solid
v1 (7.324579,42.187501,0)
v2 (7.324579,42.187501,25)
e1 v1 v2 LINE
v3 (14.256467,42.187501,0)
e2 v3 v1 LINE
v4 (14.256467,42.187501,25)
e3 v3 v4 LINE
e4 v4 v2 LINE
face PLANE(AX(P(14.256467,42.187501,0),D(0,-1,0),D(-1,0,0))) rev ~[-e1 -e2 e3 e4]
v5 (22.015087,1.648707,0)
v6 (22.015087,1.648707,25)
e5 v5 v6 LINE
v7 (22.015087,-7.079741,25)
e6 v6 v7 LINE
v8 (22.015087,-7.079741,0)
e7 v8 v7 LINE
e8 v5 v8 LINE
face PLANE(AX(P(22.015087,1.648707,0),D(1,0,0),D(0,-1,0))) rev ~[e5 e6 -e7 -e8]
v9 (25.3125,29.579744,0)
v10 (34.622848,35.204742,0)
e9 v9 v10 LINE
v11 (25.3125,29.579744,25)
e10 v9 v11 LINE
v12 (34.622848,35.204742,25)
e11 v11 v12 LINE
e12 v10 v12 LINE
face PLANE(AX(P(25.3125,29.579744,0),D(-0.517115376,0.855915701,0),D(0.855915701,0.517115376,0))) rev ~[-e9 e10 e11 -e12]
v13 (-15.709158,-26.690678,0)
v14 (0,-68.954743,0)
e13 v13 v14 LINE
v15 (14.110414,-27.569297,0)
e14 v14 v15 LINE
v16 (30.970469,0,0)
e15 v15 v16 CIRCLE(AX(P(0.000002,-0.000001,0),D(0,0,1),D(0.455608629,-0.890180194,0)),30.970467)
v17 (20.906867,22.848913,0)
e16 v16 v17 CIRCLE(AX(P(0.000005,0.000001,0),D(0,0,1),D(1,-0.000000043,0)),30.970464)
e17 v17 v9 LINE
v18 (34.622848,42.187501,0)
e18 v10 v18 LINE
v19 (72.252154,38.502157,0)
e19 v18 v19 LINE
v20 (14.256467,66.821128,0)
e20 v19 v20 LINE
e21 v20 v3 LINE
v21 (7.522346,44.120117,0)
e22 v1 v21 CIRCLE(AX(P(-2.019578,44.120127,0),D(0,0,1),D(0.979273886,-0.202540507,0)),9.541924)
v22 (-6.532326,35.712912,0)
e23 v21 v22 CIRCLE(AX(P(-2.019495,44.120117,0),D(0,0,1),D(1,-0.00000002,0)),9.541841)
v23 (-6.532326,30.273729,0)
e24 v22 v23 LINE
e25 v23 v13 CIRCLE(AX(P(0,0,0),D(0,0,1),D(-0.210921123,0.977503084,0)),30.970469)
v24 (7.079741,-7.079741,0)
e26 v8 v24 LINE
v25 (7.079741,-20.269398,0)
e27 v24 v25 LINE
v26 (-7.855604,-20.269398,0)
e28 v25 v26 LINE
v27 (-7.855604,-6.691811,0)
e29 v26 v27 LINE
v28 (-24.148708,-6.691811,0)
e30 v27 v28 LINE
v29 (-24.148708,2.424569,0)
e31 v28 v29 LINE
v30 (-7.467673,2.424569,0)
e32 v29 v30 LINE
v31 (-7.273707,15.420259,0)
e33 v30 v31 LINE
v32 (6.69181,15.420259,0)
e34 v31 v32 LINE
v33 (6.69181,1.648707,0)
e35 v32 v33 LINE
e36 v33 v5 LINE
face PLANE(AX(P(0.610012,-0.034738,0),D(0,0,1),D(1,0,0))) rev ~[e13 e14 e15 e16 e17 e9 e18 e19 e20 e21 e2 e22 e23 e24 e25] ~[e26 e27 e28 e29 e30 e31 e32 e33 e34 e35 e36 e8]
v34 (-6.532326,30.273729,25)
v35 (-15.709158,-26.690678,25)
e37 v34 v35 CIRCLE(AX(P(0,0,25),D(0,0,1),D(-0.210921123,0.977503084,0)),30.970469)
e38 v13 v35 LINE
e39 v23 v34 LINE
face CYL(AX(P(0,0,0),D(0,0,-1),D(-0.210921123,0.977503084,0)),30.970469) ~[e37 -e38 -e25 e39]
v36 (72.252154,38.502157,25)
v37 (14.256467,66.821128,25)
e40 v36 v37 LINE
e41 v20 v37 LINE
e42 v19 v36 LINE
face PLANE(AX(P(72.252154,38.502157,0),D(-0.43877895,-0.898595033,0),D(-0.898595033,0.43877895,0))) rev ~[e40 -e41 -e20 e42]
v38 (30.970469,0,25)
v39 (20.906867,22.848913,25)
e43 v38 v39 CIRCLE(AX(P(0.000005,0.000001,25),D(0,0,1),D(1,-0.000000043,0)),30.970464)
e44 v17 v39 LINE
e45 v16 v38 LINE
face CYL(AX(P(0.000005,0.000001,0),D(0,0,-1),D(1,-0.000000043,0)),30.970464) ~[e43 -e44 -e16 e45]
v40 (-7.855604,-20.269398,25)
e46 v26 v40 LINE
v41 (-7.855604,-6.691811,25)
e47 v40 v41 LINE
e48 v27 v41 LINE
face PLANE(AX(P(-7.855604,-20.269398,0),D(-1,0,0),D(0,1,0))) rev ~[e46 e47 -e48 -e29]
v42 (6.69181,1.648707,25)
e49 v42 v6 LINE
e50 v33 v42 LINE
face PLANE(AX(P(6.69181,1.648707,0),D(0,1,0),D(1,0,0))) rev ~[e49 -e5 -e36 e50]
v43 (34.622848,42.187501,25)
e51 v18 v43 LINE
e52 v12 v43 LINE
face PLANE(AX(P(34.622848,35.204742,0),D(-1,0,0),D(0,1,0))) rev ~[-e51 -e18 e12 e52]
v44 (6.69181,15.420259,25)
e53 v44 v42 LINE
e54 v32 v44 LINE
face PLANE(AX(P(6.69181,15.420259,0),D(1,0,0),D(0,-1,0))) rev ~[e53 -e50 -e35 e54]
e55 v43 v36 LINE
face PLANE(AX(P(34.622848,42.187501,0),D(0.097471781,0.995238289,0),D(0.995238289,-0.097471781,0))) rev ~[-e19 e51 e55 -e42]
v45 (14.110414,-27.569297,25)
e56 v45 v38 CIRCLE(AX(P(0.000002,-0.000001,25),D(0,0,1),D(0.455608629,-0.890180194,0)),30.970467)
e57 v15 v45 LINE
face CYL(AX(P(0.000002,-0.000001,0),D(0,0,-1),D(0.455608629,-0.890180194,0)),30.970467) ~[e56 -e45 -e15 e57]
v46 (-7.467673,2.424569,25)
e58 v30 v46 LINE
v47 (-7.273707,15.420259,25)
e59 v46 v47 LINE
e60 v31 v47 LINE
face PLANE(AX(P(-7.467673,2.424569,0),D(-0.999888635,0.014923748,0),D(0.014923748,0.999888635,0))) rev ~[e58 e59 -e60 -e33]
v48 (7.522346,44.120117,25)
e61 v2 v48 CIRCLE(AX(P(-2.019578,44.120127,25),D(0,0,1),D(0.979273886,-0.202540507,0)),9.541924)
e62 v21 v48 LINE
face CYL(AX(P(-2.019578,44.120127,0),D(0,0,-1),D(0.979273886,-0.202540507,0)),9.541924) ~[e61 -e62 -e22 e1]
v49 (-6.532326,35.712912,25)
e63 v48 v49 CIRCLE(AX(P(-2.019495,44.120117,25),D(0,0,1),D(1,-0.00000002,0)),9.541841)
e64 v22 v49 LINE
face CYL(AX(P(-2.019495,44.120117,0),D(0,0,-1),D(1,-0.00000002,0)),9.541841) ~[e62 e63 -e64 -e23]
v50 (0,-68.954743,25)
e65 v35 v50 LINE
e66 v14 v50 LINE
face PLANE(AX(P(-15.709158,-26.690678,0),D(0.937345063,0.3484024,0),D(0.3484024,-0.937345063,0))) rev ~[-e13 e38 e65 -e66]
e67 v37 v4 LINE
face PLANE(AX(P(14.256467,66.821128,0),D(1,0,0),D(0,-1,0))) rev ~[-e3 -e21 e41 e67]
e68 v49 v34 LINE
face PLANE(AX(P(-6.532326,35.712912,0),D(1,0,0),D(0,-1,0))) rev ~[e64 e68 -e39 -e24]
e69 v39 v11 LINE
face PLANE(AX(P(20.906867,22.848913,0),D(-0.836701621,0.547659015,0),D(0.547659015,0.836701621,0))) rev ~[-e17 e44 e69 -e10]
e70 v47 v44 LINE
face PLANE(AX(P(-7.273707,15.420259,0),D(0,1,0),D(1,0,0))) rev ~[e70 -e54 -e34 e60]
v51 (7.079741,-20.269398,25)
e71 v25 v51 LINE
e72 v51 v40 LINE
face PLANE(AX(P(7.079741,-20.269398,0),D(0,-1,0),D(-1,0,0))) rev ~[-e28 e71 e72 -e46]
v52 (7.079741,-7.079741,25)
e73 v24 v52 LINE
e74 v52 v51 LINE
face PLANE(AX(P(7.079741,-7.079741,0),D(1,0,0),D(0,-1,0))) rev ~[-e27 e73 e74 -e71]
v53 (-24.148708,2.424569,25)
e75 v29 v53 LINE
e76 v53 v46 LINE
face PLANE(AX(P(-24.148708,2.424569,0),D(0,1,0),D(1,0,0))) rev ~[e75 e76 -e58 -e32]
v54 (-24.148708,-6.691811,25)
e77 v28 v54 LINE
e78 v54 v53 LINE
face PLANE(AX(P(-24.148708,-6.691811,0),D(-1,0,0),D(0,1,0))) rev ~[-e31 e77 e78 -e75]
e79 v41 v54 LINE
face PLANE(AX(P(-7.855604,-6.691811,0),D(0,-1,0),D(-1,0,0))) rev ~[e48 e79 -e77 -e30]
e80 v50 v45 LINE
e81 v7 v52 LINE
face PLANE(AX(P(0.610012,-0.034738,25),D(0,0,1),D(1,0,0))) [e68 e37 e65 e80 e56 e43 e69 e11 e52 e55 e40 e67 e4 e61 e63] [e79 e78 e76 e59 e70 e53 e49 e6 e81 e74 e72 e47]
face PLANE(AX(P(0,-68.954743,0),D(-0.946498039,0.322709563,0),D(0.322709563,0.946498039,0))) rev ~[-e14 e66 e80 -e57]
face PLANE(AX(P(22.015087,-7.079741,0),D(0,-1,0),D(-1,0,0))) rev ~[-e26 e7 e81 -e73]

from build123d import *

# Parameters (mm, degrees)
F1_DEPTH = 25


with BuildPart() as f1:
    # F0 (on Top) → F1 (new body)
    with BuildSketch(Plane.XY):
        with BuildLine():
            ThreePointArc((20.906867, 22.848913), (13.575228, 27.836723), (5.130714, 30.542523))
            ThreePointArc((5.130714, 30.542523), (-0.713577, 30.962247), (-6.532326, 30.273729))
            ThreePointArc((-6.532326, 30.273729), (-30.576246, 4.925761), (-15.709158, -26.690678))
            ThreePointArc((-15.709158, -26.690678), (-0.912134, -30.957034), (14.110414, -27.569297))
            ThreePointArc((14.110414, -27.569297), (26.421356, -16.158029), (30.970469, 0))
            ThreePointArc((30.970469, 0), (28.343125, 12.483478), (20.906867, 22.848913))
        make_face()
        Polygon((-7.467673, 2.424569), (-7.273707, 15.420259), (6.69181, 15.420259), (6.69181, 1.648707), (22.015087, 1.648707), (22.015087, -7.079741), (7.079741, -7.079741), (7.079741, -20.269398), (-7.855604, -20.269398), (-7.855604, -6.691811), (-24.148708, -6.691811), (-24.148708, 2.424569), align=None, mode=Mode.SUBTRACT)
        with BuildLine():
            ThreePointArc((-6.532326, 35.712912), (-0.337296, 34.727729), (5.130714, 37.801791))
            ThreePointArc((5.130714, 37.801791), (6.5142, 39.851303), (7.324579, 42.187501))
            ThreePointArc((7.324579, 42.187501), (7.472775, 43.148763), (7.522346, 44.120117))
            ThreePointArc((7.522346, 44.120117), (-6.917762, 52.308751), (-6.532326, 35.712912))
        make_face()
        with BuildLine():
            ThreePointArc((-6.532326, 30.273729), (-0.713577, 30.962247), (5.130714, 30.542523))
            Line((5.130714, 30.542523), (5.130714, 37.801791))
            ThreePointArc((5.130714, 37.801791), (-0.337296, 34.727729), (-6.532326, 35.712912))
            Line((-6.532326, 35.712912), (-6.532326, 30.273729))
        make_face()
        with BuildLine():
            ThreePointArc((14.110414, -27.569297), (-0.912134, -30.957034), (-15.709158, -26.690678))
            Line((-15.709158, -26.690678), (0, -68.954743))
            Line((0, -68.954743), (14.110414, -27.569297))
        make_face()
        with BuildLine():
            Line((5.130714, 37.801791), (5.130714, 30.542523))
            ThreePointArc((5.130714, 30.542523), (13.575228, 27.836723), (20.906867, 22.848913))
            Line((20.906867, 22.848913), (25.3125, 29.579744))
            Line((25.3125, 29.579744), (34.622848, 35.204742))
            Line((34.622848, 35.204742), (34.622848, 42.187501))
            Line((34.622848, 42.187501), (72.252154, 38.502157))
            Line((72.252154, 38.502157), (14.256467, 66.821128))
            Line((14.256467, 66.821128), (14.256467, 42.187501))
            Line((14.256467, 42.187501), (7.324579, 42.187501))
            ThreePointArc((7.324579, 42.187501), (6.5142, 39.851303), (5.130714, 37.801791))
        make_face()
    extrude(amount=F1_DEPTH)


solid = f1.part
